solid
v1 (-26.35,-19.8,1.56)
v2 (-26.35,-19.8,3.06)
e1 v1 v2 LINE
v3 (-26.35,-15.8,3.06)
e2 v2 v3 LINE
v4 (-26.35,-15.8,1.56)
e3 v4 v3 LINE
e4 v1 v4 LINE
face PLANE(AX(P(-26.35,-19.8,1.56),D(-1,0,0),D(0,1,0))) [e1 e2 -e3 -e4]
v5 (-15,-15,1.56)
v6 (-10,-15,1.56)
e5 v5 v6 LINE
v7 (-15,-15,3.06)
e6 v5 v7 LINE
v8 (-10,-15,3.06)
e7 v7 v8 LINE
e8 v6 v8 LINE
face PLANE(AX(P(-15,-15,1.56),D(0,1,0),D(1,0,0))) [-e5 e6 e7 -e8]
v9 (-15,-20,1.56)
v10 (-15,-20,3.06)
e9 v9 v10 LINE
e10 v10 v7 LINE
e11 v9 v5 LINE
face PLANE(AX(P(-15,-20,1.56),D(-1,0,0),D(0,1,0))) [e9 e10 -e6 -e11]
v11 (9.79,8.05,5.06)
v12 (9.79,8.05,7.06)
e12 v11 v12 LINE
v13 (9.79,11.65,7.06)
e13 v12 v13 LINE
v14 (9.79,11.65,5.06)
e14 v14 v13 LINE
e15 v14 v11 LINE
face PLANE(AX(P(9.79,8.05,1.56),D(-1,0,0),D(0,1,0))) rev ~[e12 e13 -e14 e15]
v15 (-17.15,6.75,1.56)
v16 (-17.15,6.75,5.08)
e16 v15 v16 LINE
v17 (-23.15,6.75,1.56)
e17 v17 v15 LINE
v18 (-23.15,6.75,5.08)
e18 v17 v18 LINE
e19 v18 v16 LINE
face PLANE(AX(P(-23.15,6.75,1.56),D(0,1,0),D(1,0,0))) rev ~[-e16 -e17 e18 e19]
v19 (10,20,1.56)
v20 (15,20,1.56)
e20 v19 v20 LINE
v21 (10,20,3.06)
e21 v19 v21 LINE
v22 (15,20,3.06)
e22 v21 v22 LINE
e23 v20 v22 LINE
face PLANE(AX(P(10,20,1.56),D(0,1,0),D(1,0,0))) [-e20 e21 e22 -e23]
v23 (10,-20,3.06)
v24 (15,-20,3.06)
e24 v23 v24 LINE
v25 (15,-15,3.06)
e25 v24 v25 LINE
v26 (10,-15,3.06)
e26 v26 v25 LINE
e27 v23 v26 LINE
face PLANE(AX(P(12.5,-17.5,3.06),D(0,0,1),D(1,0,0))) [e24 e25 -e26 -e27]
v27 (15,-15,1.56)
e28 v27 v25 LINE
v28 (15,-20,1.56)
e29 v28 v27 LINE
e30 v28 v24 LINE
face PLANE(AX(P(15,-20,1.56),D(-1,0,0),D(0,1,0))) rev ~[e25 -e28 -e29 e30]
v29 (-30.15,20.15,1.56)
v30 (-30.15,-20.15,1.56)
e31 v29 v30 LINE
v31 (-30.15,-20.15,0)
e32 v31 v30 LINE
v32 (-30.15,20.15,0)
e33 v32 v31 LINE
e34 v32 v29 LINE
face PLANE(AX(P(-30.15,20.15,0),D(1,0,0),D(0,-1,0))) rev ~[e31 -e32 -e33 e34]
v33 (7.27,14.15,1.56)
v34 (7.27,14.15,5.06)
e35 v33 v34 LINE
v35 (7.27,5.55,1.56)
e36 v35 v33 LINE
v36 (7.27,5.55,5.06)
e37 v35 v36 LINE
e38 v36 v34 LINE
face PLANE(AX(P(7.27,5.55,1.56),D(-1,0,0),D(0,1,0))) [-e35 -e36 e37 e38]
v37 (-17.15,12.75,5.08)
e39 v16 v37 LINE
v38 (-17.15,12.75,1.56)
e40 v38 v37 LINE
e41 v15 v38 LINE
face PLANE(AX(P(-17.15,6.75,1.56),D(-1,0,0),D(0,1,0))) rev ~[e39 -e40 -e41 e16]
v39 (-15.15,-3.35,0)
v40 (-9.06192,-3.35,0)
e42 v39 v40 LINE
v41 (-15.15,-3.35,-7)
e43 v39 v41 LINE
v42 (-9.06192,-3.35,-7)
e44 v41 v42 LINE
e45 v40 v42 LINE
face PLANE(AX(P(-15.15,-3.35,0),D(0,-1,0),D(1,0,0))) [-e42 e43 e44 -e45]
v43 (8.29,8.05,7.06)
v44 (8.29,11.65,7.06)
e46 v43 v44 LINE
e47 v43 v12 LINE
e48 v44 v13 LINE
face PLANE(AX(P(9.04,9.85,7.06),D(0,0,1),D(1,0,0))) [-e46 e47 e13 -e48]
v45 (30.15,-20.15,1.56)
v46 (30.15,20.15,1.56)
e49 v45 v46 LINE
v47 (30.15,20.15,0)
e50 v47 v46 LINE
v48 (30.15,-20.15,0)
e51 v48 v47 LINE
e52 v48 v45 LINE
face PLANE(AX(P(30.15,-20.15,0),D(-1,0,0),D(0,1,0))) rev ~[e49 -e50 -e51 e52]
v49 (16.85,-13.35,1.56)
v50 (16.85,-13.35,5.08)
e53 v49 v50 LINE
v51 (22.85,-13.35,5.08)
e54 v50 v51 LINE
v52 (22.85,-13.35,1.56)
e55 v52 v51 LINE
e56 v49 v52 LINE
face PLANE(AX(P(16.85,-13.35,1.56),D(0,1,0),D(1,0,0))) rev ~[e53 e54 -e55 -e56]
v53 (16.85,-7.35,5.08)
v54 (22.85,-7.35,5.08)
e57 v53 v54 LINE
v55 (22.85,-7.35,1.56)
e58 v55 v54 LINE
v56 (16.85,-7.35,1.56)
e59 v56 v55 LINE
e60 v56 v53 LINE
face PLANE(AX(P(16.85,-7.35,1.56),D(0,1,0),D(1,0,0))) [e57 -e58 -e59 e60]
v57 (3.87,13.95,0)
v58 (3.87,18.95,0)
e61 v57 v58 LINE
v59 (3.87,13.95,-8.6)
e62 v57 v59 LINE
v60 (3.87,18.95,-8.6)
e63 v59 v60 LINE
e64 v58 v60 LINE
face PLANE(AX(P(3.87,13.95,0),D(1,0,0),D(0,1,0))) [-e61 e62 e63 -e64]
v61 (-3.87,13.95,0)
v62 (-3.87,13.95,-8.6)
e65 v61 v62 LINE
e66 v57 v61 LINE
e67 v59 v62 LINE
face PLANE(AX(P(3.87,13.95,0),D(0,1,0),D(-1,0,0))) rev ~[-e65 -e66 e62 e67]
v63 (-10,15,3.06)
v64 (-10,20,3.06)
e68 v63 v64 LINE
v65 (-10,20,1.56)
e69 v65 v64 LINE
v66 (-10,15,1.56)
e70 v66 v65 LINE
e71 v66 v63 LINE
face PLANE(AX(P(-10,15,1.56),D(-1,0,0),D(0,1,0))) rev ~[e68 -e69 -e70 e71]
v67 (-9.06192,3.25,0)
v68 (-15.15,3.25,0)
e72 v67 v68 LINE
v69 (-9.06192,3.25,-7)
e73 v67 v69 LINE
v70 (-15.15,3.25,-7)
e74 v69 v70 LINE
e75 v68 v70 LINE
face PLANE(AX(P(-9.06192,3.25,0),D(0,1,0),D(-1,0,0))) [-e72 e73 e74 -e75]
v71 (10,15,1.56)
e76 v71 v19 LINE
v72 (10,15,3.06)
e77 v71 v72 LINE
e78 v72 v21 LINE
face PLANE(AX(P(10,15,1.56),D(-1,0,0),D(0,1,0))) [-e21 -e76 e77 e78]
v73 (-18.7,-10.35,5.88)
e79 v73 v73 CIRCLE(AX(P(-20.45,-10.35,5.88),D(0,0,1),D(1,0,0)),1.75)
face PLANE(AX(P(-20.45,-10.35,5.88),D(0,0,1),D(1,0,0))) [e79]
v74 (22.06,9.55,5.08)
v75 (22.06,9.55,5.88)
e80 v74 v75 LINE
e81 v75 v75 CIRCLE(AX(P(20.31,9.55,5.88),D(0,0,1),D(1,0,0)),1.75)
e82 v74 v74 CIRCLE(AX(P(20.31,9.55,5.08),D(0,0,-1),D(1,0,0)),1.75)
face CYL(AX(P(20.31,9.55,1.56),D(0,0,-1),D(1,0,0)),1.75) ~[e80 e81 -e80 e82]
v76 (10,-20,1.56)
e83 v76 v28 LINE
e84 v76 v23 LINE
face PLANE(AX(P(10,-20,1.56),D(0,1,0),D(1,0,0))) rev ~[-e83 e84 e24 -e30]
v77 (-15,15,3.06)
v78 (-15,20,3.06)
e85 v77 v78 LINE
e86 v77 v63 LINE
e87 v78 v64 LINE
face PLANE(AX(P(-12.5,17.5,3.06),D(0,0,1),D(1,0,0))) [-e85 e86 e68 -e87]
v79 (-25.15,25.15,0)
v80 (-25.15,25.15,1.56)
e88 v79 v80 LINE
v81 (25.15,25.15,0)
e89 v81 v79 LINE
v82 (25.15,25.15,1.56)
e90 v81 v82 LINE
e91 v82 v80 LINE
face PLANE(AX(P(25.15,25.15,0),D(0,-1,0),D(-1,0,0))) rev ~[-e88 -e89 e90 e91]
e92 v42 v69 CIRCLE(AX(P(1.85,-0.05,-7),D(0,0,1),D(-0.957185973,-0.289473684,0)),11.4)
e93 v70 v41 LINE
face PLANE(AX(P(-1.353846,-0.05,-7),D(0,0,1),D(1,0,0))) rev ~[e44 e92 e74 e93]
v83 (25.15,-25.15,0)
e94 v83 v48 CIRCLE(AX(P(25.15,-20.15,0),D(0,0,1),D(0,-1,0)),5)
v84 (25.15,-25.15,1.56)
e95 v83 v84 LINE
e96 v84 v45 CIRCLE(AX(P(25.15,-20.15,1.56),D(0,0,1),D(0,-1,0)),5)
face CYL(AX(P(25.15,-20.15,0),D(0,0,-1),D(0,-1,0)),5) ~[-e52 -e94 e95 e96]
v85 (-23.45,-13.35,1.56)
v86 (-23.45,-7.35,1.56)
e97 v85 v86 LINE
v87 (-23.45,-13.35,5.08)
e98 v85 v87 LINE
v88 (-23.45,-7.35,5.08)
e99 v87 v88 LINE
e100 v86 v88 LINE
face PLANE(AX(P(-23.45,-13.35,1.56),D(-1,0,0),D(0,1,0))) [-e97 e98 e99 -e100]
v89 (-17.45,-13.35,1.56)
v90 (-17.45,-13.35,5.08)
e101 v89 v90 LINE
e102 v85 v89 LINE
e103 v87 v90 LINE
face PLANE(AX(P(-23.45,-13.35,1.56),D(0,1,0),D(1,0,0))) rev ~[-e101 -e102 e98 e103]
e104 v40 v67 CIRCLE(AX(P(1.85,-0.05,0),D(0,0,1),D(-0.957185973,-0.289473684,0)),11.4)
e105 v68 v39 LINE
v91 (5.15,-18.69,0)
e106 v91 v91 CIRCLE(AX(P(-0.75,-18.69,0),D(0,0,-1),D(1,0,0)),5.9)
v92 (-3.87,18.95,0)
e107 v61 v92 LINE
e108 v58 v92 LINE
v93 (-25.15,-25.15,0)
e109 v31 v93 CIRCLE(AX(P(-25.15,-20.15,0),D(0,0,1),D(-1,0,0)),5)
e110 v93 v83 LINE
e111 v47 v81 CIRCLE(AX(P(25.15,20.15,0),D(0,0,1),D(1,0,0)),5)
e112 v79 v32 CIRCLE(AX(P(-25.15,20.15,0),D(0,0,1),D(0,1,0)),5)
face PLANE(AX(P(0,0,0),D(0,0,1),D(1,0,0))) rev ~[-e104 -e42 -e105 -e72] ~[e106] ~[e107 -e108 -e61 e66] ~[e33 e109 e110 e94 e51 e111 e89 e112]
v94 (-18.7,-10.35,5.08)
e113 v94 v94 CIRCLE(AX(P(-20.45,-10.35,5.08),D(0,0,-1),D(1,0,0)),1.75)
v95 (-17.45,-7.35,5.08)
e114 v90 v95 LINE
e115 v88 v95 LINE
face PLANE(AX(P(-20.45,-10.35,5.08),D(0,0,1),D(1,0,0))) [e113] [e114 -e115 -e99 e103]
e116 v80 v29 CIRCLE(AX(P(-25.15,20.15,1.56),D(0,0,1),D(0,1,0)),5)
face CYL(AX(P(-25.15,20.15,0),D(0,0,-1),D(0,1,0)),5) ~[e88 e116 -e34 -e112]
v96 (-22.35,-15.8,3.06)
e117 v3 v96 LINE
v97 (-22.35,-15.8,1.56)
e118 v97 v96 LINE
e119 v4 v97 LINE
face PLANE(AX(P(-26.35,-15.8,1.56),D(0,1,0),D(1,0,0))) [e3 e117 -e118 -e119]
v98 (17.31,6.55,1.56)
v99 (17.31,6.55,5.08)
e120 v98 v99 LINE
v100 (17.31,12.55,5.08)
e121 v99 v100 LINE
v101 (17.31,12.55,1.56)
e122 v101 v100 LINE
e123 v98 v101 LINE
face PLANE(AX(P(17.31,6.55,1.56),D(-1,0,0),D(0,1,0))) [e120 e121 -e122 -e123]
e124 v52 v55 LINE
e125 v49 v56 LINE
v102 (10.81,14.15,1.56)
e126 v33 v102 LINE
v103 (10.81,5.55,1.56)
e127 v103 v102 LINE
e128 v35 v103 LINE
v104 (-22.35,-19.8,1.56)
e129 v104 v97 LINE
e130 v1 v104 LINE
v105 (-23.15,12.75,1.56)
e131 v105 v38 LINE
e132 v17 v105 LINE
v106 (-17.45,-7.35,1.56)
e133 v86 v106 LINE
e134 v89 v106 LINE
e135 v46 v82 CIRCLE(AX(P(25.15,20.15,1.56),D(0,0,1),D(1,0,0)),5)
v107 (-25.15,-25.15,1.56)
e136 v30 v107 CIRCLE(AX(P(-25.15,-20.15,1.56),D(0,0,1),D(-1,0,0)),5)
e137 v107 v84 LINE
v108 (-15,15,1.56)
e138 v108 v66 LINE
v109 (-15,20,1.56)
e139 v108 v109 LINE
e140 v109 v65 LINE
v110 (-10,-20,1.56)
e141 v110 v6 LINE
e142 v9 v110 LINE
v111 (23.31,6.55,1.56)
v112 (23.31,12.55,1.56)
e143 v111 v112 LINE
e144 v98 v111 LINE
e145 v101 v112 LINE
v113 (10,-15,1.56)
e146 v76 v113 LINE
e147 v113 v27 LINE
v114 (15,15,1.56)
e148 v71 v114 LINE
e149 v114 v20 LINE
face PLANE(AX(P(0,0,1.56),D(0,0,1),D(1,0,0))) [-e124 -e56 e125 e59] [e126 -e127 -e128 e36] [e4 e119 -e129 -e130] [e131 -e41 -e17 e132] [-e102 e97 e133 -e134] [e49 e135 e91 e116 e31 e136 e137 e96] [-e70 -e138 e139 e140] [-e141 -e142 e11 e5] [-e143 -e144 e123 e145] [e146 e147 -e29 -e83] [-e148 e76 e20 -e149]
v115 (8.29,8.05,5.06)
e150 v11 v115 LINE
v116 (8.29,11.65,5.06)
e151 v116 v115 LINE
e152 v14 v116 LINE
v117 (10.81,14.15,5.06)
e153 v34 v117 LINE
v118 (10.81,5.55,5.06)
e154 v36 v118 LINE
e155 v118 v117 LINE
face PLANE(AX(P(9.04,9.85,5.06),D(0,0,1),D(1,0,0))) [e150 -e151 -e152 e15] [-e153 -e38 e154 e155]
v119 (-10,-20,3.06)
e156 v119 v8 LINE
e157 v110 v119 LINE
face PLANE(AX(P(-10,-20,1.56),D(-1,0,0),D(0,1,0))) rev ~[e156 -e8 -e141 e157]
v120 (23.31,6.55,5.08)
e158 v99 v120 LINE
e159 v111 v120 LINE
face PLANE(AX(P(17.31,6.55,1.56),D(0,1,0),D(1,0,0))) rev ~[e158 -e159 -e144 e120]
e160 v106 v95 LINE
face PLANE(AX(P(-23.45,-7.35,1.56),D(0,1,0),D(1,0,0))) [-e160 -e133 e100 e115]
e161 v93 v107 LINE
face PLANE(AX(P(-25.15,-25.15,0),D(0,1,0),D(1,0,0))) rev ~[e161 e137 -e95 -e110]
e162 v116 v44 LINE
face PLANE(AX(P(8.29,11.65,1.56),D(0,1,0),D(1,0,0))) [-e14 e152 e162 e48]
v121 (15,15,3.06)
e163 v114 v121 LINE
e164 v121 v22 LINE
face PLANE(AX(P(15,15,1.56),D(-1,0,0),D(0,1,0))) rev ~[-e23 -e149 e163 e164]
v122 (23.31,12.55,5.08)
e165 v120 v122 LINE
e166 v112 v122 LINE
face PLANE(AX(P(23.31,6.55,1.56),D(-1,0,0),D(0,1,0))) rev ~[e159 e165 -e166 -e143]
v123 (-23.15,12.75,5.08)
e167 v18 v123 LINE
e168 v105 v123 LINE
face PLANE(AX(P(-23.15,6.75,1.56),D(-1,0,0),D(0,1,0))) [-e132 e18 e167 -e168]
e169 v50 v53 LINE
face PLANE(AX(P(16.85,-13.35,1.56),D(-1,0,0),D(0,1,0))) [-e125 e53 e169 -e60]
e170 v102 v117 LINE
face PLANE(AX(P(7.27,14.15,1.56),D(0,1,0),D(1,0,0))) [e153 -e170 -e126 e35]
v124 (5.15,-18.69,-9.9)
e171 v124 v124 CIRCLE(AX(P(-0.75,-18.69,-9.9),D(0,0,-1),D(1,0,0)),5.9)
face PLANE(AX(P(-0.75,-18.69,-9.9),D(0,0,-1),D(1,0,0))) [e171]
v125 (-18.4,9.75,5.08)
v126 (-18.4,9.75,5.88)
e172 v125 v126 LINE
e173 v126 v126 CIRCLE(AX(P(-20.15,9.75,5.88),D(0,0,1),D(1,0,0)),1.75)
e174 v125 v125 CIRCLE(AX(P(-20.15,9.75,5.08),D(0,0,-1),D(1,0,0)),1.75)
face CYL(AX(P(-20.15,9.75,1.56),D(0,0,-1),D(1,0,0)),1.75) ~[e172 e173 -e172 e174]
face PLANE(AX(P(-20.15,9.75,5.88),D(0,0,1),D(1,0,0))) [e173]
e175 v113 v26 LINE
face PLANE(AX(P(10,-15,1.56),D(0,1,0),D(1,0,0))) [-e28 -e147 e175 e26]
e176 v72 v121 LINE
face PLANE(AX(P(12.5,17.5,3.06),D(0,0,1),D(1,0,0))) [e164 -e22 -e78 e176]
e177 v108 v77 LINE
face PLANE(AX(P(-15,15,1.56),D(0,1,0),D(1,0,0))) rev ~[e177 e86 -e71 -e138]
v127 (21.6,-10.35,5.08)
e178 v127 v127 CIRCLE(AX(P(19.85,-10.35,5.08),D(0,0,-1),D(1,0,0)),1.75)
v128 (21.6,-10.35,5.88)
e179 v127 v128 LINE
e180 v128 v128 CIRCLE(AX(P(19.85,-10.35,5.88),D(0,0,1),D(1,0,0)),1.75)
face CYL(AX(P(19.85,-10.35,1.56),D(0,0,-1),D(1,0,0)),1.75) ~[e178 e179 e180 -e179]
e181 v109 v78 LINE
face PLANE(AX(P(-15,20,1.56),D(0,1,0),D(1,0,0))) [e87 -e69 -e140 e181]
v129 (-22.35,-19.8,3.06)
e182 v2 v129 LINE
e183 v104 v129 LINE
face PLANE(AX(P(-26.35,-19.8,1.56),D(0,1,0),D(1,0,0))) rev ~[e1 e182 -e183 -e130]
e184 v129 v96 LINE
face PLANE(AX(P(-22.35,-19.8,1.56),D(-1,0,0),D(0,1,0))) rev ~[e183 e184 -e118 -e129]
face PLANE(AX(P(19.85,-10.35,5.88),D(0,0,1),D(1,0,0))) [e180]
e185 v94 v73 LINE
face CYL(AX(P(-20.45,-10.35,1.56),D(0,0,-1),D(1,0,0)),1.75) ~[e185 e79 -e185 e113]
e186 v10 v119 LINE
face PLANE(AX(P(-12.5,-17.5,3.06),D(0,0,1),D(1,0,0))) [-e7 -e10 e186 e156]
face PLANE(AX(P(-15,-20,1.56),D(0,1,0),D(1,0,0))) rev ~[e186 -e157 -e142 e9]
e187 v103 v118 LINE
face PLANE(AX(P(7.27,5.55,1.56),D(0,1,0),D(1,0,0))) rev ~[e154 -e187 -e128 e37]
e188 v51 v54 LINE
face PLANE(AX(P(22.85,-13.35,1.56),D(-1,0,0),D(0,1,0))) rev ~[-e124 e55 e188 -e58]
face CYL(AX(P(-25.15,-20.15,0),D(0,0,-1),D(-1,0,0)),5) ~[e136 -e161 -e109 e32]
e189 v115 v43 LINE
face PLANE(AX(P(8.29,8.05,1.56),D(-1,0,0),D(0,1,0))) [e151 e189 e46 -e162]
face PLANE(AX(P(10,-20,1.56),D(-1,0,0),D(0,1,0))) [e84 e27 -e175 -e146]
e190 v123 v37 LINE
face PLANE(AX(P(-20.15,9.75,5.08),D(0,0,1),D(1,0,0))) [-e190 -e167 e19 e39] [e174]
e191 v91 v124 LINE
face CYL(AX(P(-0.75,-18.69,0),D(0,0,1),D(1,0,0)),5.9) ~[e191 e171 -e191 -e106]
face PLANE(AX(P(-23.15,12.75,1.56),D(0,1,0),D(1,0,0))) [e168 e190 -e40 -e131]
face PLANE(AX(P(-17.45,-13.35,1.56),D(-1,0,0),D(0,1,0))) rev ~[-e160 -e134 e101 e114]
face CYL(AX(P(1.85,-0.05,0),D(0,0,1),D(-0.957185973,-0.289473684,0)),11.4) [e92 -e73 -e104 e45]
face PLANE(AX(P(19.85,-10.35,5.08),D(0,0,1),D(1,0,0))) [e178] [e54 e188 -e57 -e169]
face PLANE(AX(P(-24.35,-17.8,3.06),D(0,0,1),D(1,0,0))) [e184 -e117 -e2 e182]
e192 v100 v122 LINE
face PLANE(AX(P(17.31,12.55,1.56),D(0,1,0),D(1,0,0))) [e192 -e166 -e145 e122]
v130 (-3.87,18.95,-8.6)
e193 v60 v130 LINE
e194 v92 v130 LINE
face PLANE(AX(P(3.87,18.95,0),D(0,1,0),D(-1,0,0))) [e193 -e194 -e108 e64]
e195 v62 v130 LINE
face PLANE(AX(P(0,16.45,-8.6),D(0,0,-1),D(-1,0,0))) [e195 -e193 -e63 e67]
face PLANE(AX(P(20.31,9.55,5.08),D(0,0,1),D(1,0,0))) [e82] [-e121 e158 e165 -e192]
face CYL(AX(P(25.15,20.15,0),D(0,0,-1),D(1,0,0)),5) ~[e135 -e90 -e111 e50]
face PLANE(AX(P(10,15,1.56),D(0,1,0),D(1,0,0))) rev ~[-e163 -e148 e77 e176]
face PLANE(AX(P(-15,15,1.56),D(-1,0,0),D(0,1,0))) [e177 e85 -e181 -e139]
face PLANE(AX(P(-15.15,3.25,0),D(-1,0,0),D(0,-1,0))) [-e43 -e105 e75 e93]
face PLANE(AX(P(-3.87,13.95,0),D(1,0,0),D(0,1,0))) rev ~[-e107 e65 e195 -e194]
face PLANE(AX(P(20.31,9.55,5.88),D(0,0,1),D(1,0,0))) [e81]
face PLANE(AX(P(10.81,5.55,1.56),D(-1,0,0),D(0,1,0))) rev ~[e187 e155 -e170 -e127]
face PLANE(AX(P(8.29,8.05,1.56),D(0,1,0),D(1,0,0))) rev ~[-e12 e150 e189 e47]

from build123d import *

# Parameters (mm, degrees)
PCB_DEPTH           = 1.56
ESQUISSE2_W         = 6
ESQUISSE2_H         = 6
CORPSBP_DEPTH       = 3.52
ESQUISSE2_3_R       = 1.75
BPBP_DEPTH          = 4.32
ESQUISSE2_4_W       = 3.54
ESQUISSE2_4_H       = 8.6
CORPSONOFF_DEPTH    = 3.5
ESQUISSE2_5_W       = 1.5
ESQUISSE2_5_H       = 3.6
BPONOFF_DEPTH       = 5.5
ESQUISSE2_6_W       = 5
ESQUISSE2_6_H       = 5
BOSS_EXTRU_9_DEPTH  = 1.5
ESQUISSE5_R         = 5.9
BUZZER_DEPTH        = 9.9
ESQUISSE5_4_W       = 7.74
ESQUISSE5_4_H       = 5
ISP_DEPTH           = 8.6
CR2032_DEPTH        = 7
ESQUISSE6_W         = 4
ESQUISSE6_H         = 4
BOSS_EXTRU_10_DEPTH = 1.5


with BuildPart() as part:
    # Esquisse1 → PCB (new body)
    with BuildSketch(Plane.XY):
        with BuildLine():
            Line((-25.15, -25.15), (25.15, -25.15))
            ThreePointArc((25.15, -25.15), (28.685533906, -23.685533906), (30.15, -20.15))
            Line((30.15, -20.15), (30.15, 20.15))
            ThreePointArc((30.15, 20.15), (28.685533906, 23.685533906), (25.15, 25.15))
            Line((25.15, 25.15), (-25.15, 25.15))
            ThreePointArc((-25.15, 25.15), (-28.685533906, 23.685533906), (-30.15, 20.15))
            Line((-30.15, 20.15), (-30.15, -20.15))
            ThreePointArc((-30.15, -20.15), (-28.685533906, -23.685533906), (-25.15, -25.15))
        make_face()
    extrude(amount=PCB_DEPTH)

    # Esquisse2 → CorpsBp (add)
    with BuildSketch(Plane.XY.offset(1.56)):
        with Locations((20.31, 9.55)):
            Rectangle(ESQUISSE2_W, ESQUISSE2_H)
        with Locations((19.85, -10.35)):
            Rectangle(ESQUISSE2_W, ESQUISSE2_H)
        with Locations((-20.45, -10.35)):
            Rectangle(ESQUISSE2_W, ESQUISSE2_H)
        with Locations((-20.15, 9.75)):
            Rectangle(ESQUISSE2_W, ESQUISSE2_H)
    extrude(amount=CORPSBP_DEPTH)

    # Esquisse2<3> → BpBp (add)
    with BuildSketch(Plane.XY.offset(1.56)):
        with Locations((20.31, 9.55)):
            Circle(ESQUISSE2_3_R)
        with Locations((-20.15, 9.75)):
            Circle(ESQUISSE2_3_R)
        with Locations((-20.45, -10.35)):
            Circle(ESQUISSE2_3_R)
        with Locations((19.85, -10.35)):
            Circle(ESQUISSE2_3_R)
    extrude(amount=BPBP_DEPTH)

    # Esquisse2<4> → CorpsOnOff (add)
    with BuildSketch(Plane.XY.offset(1.56)):
        with Locations((9.04, 9.85)):
            Rectangle(ESQUISSE2_4_W, ESQUISSE2_4_H)
    extrude(amount=CORPSONOFF_DEPTH)

    # Esquisse2<5> → BpOnOff (add)
    with BuildSketch(Plane.XY.offset(1.56)):
        with Locations((9.04, 9.85)):
            Rectangle(ESQUISSE2_5_W, ESQUISSE2_5_H)
    extrude(amount=BPONOFF_DEPTH)

    # Esquisse2<6> → Boss.-Extru.9 (add)
    with BuildSketch(Plane.XY.offset(1.56)):
        with Locations((-12.5, 17.5)):
            Rectangle(ESQUISSE2_6_W, ESQUISSE2_6_H)
        with Locations((-12.5, -17.5)):
            Rectangle(ESQUISSE2_6_W, ESQUISSE2_6_H)
        with Locations((12.5, -17.5)):
            Rectangle(ESQUISSE2_6_W, ESQUISSE2_6_H)
        with Locations((12.5, 17.5)):
            Rectangle(ESQUISSE2_6_W, ESQUISSE2_6_H)
    extrude(amount=BOSS_EXTRU_9_DEPTH)

    # Esquisse5 → Buzzer (add)
    with BuildSketch(Plane(origin=(0, 0, 0), x_dir=(-1, 0, 0), z_dir=(0, 0, -1))):
        with Locations((0.75, -18.69)):
            Circle(ESQUISSE5_R)
    extrude(amount=BUZZER_DEPTH)

    # Esquisse5<4> → ISP (add)
    with BuildSketch(Plane(origin=(0, 0, 0), x_dir=(-1, 0, 0), z_dir=(0, 0, -1))):
        with Locations((0, 16.45)):
            Rectangle(ESQUISSE5_4_W, ESQUISSE5_4_H)
    extrude(amount=ISP_DEPTH)

    # Esquisse5<5> → CR2032 (add)
    with BuildSketch(Plane(origin=(0, 0, 0), x_dir=(-1, 0, 0), z_dir=(0, 0, -1))):
        with BuildLine():
            Line((9.061920088, 3.25), (15.15, 3.25))
            Line((15.15, 3.25), (15.15, -3.35))
            Line((15.15, -3.35), (9.061920088, -3.35))
            ThreePointArc((9.061920088, -3.35), (-13.25, -0.05), (9.061920088, 3.25))
        make_face()
    extrude(amount=CR2032_DEPTH)

    # Esquisse6 → Boss.-Extru.10 (add)
    with BuildSketch(Plane.XY.offset(1.56)):
        with Locations((-24.35, -17.8)):
            Rectangle(ESQUISSE6_W, ESQUISSE6_H)
    extrude(amount=BOSS_EXTRU_10_DEPTH)


solid = part.part
